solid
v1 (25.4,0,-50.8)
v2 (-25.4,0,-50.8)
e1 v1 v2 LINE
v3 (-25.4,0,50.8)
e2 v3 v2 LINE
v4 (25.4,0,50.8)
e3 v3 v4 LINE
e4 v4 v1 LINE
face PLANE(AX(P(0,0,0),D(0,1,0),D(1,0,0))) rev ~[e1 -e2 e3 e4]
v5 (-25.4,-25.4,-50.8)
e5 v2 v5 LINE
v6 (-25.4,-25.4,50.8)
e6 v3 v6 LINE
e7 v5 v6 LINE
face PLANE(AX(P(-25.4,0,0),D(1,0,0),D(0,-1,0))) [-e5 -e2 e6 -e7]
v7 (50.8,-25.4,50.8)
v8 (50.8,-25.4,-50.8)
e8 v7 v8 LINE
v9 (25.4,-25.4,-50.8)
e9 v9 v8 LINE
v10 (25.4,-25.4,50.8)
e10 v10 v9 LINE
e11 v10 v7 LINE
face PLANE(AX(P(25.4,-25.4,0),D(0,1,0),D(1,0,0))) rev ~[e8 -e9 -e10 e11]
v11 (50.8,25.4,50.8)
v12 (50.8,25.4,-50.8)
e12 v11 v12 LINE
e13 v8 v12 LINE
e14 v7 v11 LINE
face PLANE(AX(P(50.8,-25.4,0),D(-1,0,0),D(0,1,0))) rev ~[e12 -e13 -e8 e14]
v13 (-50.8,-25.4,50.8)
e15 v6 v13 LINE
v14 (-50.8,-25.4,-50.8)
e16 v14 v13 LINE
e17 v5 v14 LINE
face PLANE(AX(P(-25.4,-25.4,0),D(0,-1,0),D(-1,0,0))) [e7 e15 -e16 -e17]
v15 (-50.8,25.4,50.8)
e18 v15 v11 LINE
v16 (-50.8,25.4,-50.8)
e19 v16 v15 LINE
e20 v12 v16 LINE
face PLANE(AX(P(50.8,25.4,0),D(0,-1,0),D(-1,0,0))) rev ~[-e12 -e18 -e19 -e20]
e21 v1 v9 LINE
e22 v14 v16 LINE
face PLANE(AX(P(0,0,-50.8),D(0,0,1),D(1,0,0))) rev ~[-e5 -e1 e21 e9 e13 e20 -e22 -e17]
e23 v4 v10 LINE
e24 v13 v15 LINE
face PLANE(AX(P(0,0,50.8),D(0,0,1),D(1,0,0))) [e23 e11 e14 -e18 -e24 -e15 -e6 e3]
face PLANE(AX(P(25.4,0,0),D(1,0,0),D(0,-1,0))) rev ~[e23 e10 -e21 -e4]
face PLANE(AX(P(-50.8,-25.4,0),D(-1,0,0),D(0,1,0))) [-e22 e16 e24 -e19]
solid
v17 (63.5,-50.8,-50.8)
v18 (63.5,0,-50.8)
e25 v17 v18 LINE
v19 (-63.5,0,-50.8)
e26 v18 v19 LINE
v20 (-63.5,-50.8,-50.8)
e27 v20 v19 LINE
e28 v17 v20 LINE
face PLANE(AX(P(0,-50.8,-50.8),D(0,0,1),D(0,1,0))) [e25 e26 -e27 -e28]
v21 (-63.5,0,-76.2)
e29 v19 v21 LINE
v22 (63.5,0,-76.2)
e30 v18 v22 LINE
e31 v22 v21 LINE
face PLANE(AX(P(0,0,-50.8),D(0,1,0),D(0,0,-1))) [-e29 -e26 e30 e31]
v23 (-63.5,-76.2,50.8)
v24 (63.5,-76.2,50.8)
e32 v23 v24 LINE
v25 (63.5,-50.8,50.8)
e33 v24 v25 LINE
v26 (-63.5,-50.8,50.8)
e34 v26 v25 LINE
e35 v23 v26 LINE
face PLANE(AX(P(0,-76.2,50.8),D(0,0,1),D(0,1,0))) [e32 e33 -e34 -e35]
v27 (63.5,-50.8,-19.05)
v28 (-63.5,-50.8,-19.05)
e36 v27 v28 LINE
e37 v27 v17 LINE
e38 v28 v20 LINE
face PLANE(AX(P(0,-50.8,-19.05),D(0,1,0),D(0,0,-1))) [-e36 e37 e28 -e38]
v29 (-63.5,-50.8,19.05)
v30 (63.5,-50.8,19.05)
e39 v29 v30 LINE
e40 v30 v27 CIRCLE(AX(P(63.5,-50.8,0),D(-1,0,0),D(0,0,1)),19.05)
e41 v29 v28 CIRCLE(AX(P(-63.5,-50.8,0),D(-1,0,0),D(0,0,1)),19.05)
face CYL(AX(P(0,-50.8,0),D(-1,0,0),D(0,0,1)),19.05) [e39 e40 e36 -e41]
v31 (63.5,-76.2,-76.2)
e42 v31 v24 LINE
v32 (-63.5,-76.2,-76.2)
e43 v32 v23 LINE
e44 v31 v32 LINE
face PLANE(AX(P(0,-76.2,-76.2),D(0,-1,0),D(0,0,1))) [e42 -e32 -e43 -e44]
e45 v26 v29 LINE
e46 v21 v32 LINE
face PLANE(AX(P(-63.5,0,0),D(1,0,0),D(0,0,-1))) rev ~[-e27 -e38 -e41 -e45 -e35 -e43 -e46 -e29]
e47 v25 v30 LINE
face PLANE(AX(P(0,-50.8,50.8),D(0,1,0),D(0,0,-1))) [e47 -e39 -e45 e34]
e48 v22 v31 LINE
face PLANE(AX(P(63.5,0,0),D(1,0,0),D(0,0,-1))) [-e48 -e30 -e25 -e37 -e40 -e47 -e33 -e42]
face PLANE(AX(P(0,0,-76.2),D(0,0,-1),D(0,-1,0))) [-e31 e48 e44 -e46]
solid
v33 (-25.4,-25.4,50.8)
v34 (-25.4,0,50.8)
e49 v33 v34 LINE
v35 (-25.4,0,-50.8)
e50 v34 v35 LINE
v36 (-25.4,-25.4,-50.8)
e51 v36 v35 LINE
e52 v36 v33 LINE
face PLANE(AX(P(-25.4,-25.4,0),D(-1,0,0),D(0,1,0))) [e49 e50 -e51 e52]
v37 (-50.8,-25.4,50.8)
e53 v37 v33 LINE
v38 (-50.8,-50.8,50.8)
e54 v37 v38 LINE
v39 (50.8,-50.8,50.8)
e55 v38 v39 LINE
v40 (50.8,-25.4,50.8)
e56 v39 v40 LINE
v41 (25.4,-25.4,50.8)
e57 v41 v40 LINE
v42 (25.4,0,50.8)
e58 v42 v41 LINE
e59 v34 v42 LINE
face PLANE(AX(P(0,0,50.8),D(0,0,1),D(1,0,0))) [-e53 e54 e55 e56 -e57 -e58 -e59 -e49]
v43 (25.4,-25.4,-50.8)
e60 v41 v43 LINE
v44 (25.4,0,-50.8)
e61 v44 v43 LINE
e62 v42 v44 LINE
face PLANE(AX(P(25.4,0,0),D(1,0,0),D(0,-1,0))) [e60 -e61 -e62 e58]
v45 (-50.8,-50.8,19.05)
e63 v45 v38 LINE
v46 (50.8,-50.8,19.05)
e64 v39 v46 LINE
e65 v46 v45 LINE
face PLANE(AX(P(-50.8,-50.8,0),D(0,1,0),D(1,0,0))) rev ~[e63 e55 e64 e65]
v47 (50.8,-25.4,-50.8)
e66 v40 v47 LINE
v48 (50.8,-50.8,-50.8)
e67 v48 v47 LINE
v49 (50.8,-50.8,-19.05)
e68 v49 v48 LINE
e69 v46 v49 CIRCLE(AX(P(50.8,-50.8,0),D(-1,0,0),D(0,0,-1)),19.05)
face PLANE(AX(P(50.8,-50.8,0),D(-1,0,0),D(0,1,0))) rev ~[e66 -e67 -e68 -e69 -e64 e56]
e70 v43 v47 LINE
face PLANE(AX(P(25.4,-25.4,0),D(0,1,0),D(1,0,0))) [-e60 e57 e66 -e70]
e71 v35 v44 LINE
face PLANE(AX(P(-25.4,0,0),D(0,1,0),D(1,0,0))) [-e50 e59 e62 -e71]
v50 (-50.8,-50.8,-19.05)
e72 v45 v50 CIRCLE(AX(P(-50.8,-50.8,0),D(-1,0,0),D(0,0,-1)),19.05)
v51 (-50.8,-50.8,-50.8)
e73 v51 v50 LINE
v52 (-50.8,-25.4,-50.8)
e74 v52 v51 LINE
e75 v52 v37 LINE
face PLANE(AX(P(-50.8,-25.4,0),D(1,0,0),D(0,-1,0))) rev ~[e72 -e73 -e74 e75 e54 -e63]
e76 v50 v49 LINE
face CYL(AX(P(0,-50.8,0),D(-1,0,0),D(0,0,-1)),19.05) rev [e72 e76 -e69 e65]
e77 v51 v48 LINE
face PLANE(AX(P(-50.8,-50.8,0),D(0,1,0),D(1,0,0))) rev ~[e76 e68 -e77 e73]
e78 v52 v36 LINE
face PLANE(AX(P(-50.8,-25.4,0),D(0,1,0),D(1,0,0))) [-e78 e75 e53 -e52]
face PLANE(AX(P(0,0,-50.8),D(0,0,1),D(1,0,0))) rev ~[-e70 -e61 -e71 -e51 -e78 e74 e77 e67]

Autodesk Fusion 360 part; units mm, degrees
sketch "Sketch1" plane through (0, 0, 0) normal (0, 0, 1) x (1, 0, 0) in component "Component"
  line L0 (0, 0) -> (25.4, 0)
  line L1 (25.4, 0) -> (25.4, -25.4)
  line L2 (25.4, -25.4) -> (50.8, -25.4)
  line L3 (50.8, -25.4) -> (50.8, 25.4)
  line L4 (50.8, 25.4) -> (0, 25.4)
  line L5 (0, 25.4) -> (0, 0)
  line L6 (-50.8, 25.4) -> (0, 25.4)
  line L7 (-50.8, -25.4) -> (-50.8, 25.4)
  line L8 (-25.4, -25.4) -> (-50.8, -25.4)
  line L9 (-25.4, 0) -> (-25.4, -25.4)
  line L10 (0, 0) -> (-25.4, 0)
  dimension "d1" = 25.4
  dimension "d2" = 25.4
  dimension "d3" = 25.4
  dimension "d4" = 50.8
extrude "Extrude1" add sketch "Sketch1" along normal mid plane 101.6 makes body 1 in component "Component"
sketch "Sketch1 (2)" plane through (0, 0, 0) normal (0, 0, 1) x (1, 0, 0) in component "Component'"
  line L0 (-25.4, -25.4) -> (-25.4, 0)
  line L1 (-25.4, 0) -> (25.4, 0)
  line L2 (25.4, 0) -> (25.4, -25.4)
  line L3 (-50.8, -25.4) -> (-25.4, -25.4)
  line L4 (25.4, -25.4) -> (50.8, -25.4)
  line L5 (-50.8, -25.4) -> (-50.8, -50.8)
  line L6 (-50.8, -50.8) -> (50.8, -50.8)
  line L7 (50.8, -50.8) -> (50.8, -25.4)
  dimension "d7" = 25.4
extrude "Extrude1'" add sketch "Sketch1 (2)" along normal mid plane 101.6 separate body makes body 2 in component "Component'"
sketch "Sketch2" plane through (0, 0, 0) normal (1, 0, 0) x (0, 0, -1) in component "Component'"
  circle A0 centre (0, -50.8) radius 19.05
  line L0 (50.8, -50.8) -> (-50.8, -50.8)
  dimension "d10" = 38.1
extrude "Extrude2" cut sketch "Sketch2" along normal mid plane 142.24 bodies 2 in component "Component'"
sketch "Sketch1 (3)" plane through (0, 0, 0) normal (1, 0, 0) x (0, 0, -1) in component "Component''"
  arc A0 (-19.05, -50.8) -> (19.05, -50.8) centre (0, -50.8) cw
  line L0 (19.05, -50.8) -> (50.8, -50.8)
  line L1 (-50.8, -50.8) -> (-19.05, -50.8)
  line L2 (50.8, -50.8) -> (50.8, 0)
  line L3 (50.8, 0) -> (76.2, 0)
  line L4 (76.2, 0) -> (76.2, -76.2)
  line L5 (76.2, -76.2) -> (-50.8, -76.2)
  line L6 (-50.8, -76.2) -> (-50.8, -50.8)
  point P0 (50.8, 0)
  dimension "d13" = 25.4
  dimension "d14" = 25.4
extrude "Extrude1''" add sketch "Sketch1 (3)" along normal mid plane 127 separate body makes body 3 in component "Component''"
component "Component" placed x (1, 0, 0) y (0, 1, 0) z (0, 0, 1) at (0, 0, 0)
component "Component'" placed x (1, 0, 0) y (0, 1, 0) z (0, 0, 1) at (0, 0, 0)
component "Component''" placed x (1, 0, 0) y (0, 1, 0) z (0, 0, 1) at (0, 0, 0)
